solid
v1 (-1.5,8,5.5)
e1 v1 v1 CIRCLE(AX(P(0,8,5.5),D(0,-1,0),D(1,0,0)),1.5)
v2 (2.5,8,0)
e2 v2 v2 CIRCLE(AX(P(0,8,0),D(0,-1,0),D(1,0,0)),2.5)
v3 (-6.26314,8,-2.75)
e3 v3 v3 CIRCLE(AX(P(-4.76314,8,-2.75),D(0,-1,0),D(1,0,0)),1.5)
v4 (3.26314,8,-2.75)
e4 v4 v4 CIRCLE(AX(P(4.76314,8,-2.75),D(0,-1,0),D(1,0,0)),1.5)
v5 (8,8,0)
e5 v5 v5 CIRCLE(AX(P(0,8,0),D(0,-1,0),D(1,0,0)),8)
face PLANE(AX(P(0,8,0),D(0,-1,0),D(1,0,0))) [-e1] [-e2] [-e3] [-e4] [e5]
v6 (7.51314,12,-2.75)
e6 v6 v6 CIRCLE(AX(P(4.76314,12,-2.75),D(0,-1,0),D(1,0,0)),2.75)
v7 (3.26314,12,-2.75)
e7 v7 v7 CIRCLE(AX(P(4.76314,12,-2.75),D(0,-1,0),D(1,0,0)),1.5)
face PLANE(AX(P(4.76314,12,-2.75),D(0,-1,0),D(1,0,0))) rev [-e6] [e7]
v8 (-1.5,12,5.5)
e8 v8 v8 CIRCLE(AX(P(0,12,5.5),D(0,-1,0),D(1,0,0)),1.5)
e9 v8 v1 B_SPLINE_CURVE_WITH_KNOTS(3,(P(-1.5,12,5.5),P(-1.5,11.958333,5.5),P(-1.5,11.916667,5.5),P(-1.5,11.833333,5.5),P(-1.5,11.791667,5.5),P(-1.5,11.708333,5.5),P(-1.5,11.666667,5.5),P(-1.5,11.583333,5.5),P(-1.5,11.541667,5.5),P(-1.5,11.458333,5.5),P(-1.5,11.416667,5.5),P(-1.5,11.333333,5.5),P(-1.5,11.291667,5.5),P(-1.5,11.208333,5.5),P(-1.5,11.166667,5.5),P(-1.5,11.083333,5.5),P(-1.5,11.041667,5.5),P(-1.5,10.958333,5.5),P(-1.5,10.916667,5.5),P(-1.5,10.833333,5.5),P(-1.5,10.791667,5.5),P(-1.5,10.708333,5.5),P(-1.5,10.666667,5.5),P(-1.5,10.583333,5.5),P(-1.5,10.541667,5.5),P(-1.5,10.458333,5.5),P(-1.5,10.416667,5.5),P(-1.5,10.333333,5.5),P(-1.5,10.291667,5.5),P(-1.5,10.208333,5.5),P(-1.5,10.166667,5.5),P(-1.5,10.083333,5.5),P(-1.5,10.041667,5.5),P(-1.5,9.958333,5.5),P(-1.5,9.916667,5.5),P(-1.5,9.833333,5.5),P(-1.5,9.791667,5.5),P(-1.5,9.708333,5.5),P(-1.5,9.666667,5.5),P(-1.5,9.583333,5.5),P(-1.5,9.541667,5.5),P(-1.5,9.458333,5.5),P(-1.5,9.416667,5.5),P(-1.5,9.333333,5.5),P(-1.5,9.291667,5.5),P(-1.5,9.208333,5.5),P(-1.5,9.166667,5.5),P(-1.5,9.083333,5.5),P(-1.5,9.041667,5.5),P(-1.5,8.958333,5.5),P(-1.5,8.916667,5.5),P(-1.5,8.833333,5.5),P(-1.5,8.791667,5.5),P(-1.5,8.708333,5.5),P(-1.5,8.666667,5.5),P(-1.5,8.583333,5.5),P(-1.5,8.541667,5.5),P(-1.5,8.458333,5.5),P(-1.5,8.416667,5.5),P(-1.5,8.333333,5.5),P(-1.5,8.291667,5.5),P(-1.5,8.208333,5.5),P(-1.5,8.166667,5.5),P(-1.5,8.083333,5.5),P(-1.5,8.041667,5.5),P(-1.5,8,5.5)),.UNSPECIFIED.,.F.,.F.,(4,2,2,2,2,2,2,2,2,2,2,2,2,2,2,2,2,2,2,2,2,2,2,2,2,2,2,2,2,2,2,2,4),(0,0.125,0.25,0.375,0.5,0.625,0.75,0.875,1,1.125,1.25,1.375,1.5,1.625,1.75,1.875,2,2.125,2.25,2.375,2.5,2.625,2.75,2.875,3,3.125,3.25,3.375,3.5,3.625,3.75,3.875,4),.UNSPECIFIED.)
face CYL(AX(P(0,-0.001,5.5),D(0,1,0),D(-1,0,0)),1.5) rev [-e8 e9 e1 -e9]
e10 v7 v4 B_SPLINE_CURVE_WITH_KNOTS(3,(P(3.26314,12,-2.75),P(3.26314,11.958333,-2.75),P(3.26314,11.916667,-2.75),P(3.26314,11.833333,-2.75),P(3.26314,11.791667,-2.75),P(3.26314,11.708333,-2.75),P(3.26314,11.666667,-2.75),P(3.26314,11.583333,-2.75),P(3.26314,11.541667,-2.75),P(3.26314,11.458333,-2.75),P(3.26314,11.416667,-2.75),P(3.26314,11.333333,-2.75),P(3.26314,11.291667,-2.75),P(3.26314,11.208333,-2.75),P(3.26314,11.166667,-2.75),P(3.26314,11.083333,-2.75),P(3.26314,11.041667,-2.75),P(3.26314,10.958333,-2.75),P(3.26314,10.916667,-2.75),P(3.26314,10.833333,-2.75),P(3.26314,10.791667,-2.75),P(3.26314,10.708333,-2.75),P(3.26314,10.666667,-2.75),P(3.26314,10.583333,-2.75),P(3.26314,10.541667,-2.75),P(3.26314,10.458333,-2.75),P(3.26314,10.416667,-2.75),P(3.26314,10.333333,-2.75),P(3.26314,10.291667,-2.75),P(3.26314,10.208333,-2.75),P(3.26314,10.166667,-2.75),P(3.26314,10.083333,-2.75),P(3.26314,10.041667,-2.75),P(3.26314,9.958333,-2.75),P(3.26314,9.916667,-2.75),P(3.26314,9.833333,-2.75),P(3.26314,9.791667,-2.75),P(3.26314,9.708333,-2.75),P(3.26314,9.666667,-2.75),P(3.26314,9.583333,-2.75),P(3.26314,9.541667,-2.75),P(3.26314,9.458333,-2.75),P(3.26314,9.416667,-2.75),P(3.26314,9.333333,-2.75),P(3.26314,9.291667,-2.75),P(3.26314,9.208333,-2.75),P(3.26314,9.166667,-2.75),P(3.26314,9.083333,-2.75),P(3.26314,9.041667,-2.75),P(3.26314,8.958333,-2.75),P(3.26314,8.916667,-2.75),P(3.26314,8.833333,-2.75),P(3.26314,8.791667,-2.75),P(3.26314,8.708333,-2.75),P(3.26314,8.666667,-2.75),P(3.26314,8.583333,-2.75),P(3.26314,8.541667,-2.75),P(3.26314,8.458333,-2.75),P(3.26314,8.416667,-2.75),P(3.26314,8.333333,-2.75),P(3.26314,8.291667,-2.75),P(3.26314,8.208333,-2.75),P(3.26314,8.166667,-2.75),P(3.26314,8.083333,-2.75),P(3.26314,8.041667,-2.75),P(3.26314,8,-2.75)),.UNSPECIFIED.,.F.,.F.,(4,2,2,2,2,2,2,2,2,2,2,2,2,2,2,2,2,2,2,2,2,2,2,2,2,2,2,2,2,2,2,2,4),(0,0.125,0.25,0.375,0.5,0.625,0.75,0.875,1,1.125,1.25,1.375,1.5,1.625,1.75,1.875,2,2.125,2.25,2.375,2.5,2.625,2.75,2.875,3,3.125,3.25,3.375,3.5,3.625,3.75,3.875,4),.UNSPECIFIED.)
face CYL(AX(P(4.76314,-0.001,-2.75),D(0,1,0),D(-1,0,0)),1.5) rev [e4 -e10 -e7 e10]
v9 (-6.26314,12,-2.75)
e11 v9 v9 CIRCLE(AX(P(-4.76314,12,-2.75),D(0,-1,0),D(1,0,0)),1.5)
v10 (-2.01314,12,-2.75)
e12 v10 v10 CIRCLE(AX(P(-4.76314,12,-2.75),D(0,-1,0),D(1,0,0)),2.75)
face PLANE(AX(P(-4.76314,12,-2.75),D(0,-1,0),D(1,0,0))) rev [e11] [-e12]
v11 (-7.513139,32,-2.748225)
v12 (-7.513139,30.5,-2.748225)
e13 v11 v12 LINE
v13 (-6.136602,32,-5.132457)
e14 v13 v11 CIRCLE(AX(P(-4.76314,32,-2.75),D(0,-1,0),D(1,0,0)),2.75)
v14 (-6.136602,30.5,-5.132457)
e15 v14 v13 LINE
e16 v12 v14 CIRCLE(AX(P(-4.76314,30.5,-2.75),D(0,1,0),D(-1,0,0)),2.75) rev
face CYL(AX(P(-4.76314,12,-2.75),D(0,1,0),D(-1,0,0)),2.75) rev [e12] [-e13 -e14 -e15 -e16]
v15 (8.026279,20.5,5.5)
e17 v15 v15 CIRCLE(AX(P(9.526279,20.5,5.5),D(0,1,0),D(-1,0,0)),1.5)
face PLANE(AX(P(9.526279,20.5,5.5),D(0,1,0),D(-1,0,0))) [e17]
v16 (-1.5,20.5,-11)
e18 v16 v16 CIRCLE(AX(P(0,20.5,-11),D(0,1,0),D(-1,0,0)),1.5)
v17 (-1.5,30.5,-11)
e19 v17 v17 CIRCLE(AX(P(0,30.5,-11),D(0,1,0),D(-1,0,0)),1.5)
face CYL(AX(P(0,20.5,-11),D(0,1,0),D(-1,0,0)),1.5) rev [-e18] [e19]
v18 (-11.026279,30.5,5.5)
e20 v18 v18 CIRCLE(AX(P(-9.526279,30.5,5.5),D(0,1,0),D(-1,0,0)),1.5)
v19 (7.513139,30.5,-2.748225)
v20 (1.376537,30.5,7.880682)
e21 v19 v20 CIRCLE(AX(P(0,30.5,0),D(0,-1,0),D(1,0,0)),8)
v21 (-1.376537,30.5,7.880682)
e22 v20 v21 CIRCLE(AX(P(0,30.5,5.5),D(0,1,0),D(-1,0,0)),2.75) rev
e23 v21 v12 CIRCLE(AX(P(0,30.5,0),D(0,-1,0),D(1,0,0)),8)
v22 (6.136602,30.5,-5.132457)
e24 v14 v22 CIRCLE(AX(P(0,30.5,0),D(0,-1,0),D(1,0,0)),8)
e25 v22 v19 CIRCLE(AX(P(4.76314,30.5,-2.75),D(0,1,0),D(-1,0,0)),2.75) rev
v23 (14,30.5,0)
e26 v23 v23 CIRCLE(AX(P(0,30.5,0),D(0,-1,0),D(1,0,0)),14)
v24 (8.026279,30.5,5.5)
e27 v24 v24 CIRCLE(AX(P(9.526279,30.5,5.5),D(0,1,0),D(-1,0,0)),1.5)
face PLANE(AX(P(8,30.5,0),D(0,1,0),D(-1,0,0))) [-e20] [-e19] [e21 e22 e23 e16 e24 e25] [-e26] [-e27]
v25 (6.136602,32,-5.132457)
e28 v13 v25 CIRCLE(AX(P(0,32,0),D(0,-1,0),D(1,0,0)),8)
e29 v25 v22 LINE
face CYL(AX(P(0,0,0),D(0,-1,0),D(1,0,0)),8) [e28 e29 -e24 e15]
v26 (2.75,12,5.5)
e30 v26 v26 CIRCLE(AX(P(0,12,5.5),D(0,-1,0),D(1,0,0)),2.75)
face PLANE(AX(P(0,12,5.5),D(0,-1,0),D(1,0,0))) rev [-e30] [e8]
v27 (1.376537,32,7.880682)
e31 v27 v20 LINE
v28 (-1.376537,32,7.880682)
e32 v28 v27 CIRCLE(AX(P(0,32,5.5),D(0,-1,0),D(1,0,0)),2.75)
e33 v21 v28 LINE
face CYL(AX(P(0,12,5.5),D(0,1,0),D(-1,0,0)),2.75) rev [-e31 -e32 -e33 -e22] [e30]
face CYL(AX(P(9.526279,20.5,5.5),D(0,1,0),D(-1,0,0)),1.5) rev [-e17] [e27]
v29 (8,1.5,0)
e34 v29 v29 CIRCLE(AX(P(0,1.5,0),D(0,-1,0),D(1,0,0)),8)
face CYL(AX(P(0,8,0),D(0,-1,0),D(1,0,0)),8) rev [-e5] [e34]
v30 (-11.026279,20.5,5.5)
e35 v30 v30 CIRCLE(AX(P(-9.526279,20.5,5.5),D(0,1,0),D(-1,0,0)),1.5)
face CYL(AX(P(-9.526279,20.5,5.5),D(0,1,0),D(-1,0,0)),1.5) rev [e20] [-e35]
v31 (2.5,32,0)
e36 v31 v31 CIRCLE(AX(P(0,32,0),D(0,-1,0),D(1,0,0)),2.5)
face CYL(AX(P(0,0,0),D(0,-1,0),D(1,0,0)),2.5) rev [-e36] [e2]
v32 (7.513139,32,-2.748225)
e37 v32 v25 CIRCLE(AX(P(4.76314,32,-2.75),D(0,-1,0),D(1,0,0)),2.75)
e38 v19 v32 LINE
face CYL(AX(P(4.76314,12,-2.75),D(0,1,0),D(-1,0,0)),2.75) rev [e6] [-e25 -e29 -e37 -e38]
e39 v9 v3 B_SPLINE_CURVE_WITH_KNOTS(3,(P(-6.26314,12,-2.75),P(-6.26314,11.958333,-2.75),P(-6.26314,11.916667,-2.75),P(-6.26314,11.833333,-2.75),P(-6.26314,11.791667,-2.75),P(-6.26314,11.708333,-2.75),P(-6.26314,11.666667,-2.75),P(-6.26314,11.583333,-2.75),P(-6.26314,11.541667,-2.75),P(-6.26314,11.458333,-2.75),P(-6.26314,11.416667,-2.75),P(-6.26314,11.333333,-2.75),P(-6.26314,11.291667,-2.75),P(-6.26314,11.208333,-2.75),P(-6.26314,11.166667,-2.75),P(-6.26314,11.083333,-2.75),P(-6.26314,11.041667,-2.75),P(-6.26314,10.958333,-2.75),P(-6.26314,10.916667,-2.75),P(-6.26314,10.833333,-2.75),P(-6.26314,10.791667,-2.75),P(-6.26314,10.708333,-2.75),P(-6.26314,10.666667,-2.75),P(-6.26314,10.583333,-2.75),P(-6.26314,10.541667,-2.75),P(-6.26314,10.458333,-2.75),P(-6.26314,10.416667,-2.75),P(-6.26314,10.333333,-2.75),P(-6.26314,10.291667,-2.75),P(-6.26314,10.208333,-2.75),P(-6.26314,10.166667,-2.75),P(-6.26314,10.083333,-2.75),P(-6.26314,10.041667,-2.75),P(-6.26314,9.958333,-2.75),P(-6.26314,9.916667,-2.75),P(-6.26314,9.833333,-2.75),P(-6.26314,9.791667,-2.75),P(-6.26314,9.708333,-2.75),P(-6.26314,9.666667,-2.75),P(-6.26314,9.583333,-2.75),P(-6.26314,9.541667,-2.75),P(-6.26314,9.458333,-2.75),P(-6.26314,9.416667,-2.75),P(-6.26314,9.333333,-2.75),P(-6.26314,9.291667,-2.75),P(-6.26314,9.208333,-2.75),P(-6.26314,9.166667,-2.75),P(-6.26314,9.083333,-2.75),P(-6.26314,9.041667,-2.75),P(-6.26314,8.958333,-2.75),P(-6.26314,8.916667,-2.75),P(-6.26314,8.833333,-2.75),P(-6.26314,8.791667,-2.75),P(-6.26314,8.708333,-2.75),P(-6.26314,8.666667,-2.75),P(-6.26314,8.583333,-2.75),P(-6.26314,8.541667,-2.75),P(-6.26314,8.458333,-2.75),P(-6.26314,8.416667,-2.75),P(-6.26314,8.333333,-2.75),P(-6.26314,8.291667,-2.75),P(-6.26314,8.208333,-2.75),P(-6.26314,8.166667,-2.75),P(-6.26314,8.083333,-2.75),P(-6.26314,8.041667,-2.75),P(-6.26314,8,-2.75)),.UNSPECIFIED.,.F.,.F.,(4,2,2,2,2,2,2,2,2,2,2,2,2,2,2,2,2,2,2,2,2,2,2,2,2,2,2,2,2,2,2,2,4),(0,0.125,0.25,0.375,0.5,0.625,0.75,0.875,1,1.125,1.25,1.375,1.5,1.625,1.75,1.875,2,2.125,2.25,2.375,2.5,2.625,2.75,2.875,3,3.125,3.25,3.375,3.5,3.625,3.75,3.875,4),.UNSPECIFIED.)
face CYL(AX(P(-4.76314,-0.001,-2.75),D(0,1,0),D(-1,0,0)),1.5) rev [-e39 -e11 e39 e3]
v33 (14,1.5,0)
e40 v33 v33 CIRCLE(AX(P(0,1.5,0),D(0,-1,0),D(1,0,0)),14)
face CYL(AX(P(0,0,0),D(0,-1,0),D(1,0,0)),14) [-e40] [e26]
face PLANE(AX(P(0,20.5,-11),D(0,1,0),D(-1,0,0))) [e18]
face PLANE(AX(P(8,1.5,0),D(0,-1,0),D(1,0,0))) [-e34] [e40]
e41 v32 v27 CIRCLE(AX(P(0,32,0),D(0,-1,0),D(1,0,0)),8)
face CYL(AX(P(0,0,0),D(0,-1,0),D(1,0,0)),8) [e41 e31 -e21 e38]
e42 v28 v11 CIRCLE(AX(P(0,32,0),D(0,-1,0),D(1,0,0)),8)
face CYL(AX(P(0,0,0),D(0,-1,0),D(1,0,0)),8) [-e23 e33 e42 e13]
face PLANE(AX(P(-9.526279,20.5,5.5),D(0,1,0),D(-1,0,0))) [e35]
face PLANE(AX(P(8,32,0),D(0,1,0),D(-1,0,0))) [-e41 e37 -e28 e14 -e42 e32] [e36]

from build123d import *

# Parameters (mm, degrees)
ESQUISSE2_R                         = 1.5
ENL_V_MAT_EXTRU_1_DEPTH             = 10
ESQUISSE3_R                         = 1.5
ENL_V_MAT_EXTRU_2_DEPTH             = 37.362755671
ENL_V_MAT_EXTRU_2_DIRECTION_2_REACH = 38.363
ESQUISSE4_R                         = 2.75
ENL_V_MAT_EXTRU_7_DEPTH             = 20
ENL_V_START                         = -8
ESQUISSE5_R                         = 8
ENL_V_MAT_EXTRU_8_DEPTH             = 8


with BuildPart() as part:
    # Esquisse1 → Révolution1 (revolve)
    with BuildSketch(Plane.XY):
        Polygon((8, 0), (8, 1.5), (14, 1.5), (14, 30.5), (8, 30.5), (8, 32), (2.5, 32), (2.5, 0), align=None)
    revolve(axis=Axis((0, 0, 0), (0, 1, 0)))

    # Esquisse2 → Enlèv. mat.-Extru.1 (cut)
    with BuildSketch(Plane(origin=(0, 30.5, 0), x_dir=(1, 0, 0), z_dir=(0, 1, 0))):
        with Locations(Location((0, 11, 0), (0, 0, 180))):
            Circle(ESQUISSE2_R)
        with Locations(Location((9.526279442, -5.5, 0), (0, 0, 180))):
            Circle(ESQUISSE2_R)
        with Locations(Location((-9.526279442, -5.5, 0), (0, 0, 180))):
            Circle(ESQUISSE2_R)
    extrude(amount=-ENL_V_MAT_EXTRU_1_DEPTH, mode=Mode.SUBTRACT)

    # Esquisse3 → Enlèv. mat.-Extru.2 (cut)
    with BuildSketch(Plane.XZ.offset(-1.5)):
        with Locations(Location((0, 5.5, 0), (0, 0, 180))):
            Circle(ESQUISSE3_R)
        with Locations(Location((4.763139721, -2.75, 0), (0, 0, 180))):
            Circle(ESQUISSE3_R)
        with Locations(Location((-4.763139721, -2.75, 0), (0, 0, 180))):
            Circle(ESQUISSE3_R)
    extrude(amount=-ENL_V_MAT_EXTRU_2_DEPTH, mode=Mode.SUBTRACT)

    # Esquisse3 → Enlèv. mat.-Extru.2 direction 2 (cut, up to next)
    with BuildSketch(Plane.XZ.offset(-1.5), mode=Mode.PRIVATE) as enl_v_mat_extru_2_direction_2_sk1:
        with Locations(Location((0, 5.5, 0), (0, 0, 180))):
            Circle(ESQUISSE3_R)
    enl_v_mat_extru_2_direction_2_tool1 = extrude(enl_v_mat_extru_2_direction_2_sk1.sketch, amount=ENL_V_MAT_EXTRU_2_DIRECTION_2_REACH, mode=Mode.PRIVATE) & part.part
    # Esquisse3 → Enlèv. mat.-Extru.2 direction 2 (cut, up to next)
    with BuildSketch(Plane.XZ.offset(-1.5), mode=Mode.PRIVATE) as enl_v_mat_extru_2_direction_2_sk2:
        with Locations(Location((4.763139721, -2.75, 0), (0, 0, 180))):
            Circle(ESQUISSE3_R)
    enl_v_mat_extru_2_direction_2_tool2 = extrude(enl_v_mat_extru_2_direction_2_sk2.sketch, amount=ENL_V_MAT_EXTRU_2_DIRECTION_2_REACH, mode=Mode.PRIVATE) & part.part
    # Esquisse3 → Enlèv. mat.-Extru.2 direction 2 (cut, up to next)
    with BuildSketch(Plane.XZ.offset(-1.5), mode=Mode.PRIVATE) as enl_v_mat_extru_2_direction_2_sk3:
        with Locations(Location((-4.763139721, -2.75, 0), (0, 0, 180))):
            Circle(ESQUISSE3_R)
    enl_v_mat_extru_2_direction_2_tool3 = extrude(enl_v_mat_extru_2_direction_2_sk3.sketch, amount=ENL_V_MAT_EXTRU_2_DIRECTION_2_REACH, mode=Mode.PRIVATE) & part.part
    add(enl_v_mat_extru_2_direction_2_tool1.solids().sort_by_distance((0, 1.5, 5.5))[0], mode=Mode.SUBTRACT)
    add(enl_v_mat_extru_2_direction_2_tool2.solids().sort_by_distance((4.76314, 1.5, -2.75))[0], mode=Mode.SUBTRACT)
    add(enl_v_mat_extru_2_direction_2_tool3.solids().sort_by_distance((-4.76314, 1.5, -2.75))[0], mode=Mode.SUBTRACT)

    # Esquisse4 → Enlèv. mat.-Extru.7 (cut)
    with BuildSketch(Plane.XZ.offset(-32)):
        with Locations(Location((0, 5.5, 0), (0, 0, 120.036983744))):
            Circle(ESQUISSE4_R)
        with Locations(Location((4.763139721, -2.75, 0), (0, 0, 299.963016256))):
            Circle(ESQUISSE4_R)
        with Locations(Location((-4.763139721, -2.75, 0), (0, 0, 179.963016256))):
            Circle(ESQUISSE4_R)
    extrude(amount=ENL_V_MAT_EXTRU_7_DEPTH, mode=Mode.SUBTRACT)

    # Esquisse5 → Enlèv. mat.-Extru.8 (cut)
    with BuildSketch(Plane.XZ.offset(ENL_V_START)):
        Circle(ESQUISSE5_R)
    extrude(amount=ENL_V_MAT_EXTRU_8_DEPTH, mode=Mode.SUBTRACT)


solid = part.part
